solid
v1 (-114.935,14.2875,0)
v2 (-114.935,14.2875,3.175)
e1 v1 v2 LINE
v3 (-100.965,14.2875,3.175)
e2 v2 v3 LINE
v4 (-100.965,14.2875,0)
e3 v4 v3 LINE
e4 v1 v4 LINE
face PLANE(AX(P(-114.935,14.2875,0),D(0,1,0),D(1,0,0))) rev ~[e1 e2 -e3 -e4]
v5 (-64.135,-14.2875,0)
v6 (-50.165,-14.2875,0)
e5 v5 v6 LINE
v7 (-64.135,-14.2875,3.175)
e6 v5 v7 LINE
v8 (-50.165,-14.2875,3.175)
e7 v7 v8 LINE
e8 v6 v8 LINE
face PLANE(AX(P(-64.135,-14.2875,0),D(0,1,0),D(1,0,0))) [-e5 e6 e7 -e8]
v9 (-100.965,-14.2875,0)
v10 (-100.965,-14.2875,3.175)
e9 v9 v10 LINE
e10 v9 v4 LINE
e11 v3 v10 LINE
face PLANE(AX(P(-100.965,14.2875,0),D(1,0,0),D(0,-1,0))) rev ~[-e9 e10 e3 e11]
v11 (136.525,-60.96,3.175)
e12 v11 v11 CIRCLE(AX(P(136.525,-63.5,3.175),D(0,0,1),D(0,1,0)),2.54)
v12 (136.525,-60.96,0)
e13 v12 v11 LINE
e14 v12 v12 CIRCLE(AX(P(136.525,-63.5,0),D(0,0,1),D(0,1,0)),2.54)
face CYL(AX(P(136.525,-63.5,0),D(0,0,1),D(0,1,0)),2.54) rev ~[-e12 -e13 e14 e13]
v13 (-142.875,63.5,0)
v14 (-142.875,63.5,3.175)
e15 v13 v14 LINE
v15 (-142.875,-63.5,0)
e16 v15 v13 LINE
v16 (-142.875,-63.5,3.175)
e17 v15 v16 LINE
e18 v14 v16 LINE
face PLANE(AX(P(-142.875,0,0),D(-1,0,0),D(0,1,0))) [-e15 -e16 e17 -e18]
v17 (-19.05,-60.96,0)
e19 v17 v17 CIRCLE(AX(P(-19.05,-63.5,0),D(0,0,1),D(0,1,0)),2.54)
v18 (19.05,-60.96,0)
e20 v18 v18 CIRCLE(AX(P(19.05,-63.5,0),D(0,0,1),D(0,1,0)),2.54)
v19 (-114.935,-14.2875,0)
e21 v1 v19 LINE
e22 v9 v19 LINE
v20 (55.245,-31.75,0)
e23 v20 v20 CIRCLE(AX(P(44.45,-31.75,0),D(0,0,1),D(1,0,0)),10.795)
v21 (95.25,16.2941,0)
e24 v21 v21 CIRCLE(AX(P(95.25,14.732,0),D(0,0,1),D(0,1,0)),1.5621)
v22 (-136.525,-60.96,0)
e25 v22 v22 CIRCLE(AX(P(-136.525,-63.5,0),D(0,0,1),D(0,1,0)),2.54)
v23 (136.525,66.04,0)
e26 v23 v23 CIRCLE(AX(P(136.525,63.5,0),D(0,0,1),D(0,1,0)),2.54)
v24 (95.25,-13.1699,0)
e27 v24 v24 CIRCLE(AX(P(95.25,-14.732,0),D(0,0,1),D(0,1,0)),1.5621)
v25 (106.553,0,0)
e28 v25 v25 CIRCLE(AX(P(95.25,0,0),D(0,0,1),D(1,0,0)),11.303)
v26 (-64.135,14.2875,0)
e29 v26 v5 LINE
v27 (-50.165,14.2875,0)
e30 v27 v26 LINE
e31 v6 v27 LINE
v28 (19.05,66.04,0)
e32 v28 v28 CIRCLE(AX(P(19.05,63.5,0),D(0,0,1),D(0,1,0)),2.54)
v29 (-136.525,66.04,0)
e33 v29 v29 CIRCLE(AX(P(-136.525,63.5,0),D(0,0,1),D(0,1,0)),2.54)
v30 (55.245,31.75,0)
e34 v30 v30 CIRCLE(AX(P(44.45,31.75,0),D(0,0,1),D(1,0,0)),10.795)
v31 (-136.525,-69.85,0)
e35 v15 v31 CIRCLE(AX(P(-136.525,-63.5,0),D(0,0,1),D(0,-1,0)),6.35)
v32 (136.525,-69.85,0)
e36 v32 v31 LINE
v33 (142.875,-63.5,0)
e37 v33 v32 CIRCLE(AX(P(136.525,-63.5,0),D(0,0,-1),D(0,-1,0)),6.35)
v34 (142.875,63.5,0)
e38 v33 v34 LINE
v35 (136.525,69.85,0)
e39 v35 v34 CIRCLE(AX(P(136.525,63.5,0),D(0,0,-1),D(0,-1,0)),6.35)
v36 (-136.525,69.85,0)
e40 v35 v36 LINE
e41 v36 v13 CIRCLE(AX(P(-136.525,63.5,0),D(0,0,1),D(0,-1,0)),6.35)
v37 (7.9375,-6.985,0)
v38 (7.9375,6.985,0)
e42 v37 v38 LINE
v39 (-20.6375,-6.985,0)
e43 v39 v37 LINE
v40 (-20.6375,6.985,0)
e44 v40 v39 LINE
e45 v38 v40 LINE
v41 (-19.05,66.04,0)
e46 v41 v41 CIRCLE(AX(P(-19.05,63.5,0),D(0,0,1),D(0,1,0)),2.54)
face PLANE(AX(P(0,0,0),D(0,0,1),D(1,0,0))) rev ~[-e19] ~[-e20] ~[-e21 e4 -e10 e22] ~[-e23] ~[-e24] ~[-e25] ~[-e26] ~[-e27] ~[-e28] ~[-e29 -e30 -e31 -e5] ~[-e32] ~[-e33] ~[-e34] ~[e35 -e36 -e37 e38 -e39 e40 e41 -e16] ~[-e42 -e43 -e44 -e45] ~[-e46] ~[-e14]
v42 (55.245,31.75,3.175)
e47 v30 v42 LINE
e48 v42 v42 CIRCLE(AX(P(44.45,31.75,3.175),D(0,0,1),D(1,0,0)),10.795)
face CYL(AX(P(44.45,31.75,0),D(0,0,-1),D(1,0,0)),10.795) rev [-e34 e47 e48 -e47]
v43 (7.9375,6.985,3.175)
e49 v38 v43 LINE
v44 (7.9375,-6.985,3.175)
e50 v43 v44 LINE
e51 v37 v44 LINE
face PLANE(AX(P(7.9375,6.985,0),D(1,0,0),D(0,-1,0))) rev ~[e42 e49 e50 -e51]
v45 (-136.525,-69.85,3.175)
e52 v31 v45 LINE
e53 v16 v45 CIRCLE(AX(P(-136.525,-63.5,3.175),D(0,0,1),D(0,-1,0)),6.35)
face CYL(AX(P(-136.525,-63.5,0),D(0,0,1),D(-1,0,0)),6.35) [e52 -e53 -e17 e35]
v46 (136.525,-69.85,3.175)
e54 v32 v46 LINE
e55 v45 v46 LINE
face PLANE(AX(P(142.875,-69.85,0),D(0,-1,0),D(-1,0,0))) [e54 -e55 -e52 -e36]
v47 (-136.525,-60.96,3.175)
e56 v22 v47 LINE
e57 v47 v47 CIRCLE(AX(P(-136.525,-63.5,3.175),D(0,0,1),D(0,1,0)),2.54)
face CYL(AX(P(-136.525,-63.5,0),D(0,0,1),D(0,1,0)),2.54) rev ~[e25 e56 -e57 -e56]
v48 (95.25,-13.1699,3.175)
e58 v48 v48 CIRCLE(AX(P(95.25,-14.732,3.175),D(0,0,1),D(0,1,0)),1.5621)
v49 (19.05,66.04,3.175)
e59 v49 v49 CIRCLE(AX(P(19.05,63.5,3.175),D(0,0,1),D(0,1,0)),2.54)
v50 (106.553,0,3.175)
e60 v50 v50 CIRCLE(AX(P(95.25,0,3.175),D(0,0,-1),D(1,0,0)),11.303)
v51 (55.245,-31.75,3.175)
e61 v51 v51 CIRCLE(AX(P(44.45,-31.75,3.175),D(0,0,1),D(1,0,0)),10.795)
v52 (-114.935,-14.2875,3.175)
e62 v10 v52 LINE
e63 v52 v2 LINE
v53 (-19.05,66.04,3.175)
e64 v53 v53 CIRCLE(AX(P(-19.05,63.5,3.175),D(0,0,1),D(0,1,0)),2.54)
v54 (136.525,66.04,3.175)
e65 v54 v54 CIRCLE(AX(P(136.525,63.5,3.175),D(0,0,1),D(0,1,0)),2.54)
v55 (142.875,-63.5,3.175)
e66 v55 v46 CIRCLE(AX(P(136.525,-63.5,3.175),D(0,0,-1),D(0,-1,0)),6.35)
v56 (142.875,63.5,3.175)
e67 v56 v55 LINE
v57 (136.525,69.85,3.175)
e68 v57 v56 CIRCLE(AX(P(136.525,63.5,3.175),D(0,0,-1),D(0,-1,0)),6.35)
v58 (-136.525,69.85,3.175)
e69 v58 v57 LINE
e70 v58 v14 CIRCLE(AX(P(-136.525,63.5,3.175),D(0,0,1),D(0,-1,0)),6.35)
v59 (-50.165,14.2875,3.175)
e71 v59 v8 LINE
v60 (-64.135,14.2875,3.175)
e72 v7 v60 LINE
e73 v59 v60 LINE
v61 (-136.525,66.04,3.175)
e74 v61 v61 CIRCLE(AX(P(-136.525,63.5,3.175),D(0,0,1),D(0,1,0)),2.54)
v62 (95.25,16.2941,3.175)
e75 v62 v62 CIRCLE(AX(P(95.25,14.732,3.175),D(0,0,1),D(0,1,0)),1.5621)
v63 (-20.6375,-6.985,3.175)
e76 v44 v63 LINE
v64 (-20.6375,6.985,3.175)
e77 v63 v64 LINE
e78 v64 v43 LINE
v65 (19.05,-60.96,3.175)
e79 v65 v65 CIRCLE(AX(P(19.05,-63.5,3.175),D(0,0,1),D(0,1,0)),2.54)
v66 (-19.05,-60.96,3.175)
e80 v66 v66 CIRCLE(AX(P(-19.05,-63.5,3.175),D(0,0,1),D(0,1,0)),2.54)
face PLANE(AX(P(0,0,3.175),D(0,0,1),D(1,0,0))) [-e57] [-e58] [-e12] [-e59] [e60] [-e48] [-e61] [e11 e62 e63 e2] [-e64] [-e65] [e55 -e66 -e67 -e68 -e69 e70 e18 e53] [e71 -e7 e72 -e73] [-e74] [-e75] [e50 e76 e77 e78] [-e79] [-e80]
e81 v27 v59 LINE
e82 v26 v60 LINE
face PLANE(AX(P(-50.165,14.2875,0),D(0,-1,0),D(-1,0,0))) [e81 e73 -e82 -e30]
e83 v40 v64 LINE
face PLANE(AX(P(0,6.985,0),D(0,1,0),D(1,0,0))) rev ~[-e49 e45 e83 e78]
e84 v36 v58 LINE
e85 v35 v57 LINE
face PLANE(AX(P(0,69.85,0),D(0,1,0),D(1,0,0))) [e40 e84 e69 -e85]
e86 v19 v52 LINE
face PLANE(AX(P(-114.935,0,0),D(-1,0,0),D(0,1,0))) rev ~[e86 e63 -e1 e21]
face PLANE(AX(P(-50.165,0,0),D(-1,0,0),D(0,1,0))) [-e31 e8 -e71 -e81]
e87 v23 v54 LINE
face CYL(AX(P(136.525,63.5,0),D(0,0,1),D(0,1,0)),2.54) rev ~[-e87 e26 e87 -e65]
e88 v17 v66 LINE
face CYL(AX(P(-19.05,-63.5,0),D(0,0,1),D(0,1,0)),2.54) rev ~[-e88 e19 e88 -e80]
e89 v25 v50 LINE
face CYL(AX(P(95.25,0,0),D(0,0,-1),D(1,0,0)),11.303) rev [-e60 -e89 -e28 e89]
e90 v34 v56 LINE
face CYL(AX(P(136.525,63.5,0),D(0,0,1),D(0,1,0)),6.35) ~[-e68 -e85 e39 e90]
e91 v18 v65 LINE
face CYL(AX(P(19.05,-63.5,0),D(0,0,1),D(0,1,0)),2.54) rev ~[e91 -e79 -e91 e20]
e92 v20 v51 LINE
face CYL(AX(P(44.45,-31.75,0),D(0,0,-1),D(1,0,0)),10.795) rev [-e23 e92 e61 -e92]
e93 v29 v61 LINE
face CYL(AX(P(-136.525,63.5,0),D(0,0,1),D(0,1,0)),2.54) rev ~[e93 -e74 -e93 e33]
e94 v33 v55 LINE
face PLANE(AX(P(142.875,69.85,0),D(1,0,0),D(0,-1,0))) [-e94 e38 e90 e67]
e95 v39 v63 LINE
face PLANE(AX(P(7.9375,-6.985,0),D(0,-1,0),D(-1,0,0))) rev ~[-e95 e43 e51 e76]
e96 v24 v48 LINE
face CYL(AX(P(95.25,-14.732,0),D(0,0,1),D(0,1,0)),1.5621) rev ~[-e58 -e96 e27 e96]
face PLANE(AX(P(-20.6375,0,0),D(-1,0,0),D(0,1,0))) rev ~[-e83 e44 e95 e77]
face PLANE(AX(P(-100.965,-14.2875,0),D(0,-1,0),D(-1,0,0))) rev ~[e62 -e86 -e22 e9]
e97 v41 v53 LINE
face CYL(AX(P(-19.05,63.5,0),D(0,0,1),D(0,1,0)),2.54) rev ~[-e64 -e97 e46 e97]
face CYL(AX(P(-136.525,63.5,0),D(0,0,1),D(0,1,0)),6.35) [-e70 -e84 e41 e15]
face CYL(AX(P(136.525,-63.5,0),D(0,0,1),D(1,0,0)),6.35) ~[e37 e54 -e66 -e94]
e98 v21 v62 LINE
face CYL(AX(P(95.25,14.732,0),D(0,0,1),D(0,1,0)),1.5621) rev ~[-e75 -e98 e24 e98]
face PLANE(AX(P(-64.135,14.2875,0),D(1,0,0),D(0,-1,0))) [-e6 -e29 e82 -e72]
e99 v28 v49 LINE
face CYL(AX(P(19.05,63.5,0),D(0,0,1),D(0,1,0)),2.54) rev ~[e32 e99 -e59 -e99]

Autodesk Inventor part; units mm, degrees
ref_plane "YZ Plane" through (0, 0, 0) normal (1, 0, 0) x (0, 1, 0)
ref_plane "XZ Plane" through (0, 0, 0) normal (0, 1, 0) x (-1, 0, 0)
ref_plane "XY Plane" through (0, 0, 0) normal (0, 0, 1) x (1, 0, 0)
sketch "Sketch1" plane through (0, 0, 0) normal (0, 0, 1) x (1, 0, 0)
  line L0 (0, 97.79) -> (0, -97.79) projected
  line L1 (-200.025, 0) -> (200.025, 0) projected
  line L2 (142.875, -69.85) -> (-142.875, -69.85)
  line L3 (-142.875, -69.85) -> (-142.875, 69.85)
  line L4 (-142.875, 69.85) -> (142.875, 69.85)
  line L5 (142.875, 69.85) -> (142.875, -69.85)
  line L6 (142.875, -69.85) -> (-142.875, 69.85) construction
  line L7 (-142.875, -69.85) -> (142.875, 69.85) construction
  line L8 (-136.525, -63.5) -> (136.525, -63.5) construction
  line L9 (136.525, -63.5) -> (136.525, 63.5) construction
  line L10 (136.525, 63.5) -> (-136.525, 63.5) construction
  line L11 (-136.525, 63.5) -> (-136.525, -63.5) construction
  line L12 (-136.525, -63.5) -> (136.525, 63.5) construction
  line L13 (136.525, -63.5) -> (-136.525, 63.5) construction
  line L14 (-100.965, -14.2875) -> (-114.935, -14.2875)
  line L15 (-114.935, -14.2875) -> (-114.935, 14.2875)
  line L16 (-114.935, 14.2875) -> (-100.965, 14.2875)
  line L17 (-100.965, 14.2875) -> (-100.965, -14.2875)
  line L18 (-100.965, -14.2875) -> (-114.935, 14.2875) construction
  line L19 (-114.935, -14.2875) -> (-100.965, 14.2875) construction
  circle A0 centre (44.45, 31.75) radius 10.795
  circle A1 centre (44.45, -31.75) radius 10.795
  circle A2 centre (95.25, 0) radius 11.303
  circle A3 centre (95.25, 0) radius 30 construction
  line L20 (-64.135, -14.2875) -> (-50.165, -14.2875)
  line L21 (-50.165, -14.2875) -> (-50.165, 14.2875)
  line L22 (-50.165, 14.2875) -> (-64.135, 14.2875)
  line L23 (-64.135, 14.2875) -> (-64.135, -14.2875)
  line L24 (-64.135, -14.2875) -> (-50.165, 14.2875) construction
  line L25 (-50.165, -14.2875) -> (-64.135, 14.2875) construction
  line L26 (7.9375, -6.985) -> (-20.6375, -6.985)
  line L27 (-20.6375, -6.985) -> (-20.6375, 6.985)
  line L28 (-20.6375, 6.985) -> (7.9375, 6.985)
  line L29 (7.9375, 6.985) -> (7.9375, -6.985)
  line L30 (7.9375, -6.985) -> (-20.6375, 6.985) construction
  line L31 (-20.6375, -6.985) -> (7.9375, 6.985) construction
  point P0 (0, 0)
  point P1 (-107.95, 0)
  point P2 (95.25, 14.732)
  point P3 (95.25, -14.732)
  point P4 (-19.05, 63.5)
  point P5 (-19.05, -63.5)
  point P6 (19.05, -63.5)
  point P7 (19.05, 63.5)
  point P8 (-57.15, 0)
  point P9 (-6.35, 0)
  dimension "d0" = 285.75
  dimension "d1" = 139.7
  dimension "d4" = 6.35
  dimension "d5" = 6.35
  dimension "d6" = 13.97
  dimension "d7" = 28.575
  dimension "d15" = 0
  dimension "d16" = 21.59
  dimension "d20" = 22.606
  dimension "d22" = 60
  dimension "d33" = 47.625
  dimension "d34" = 14.732
  dimension "d35" = 14.732
  dimension "d43" = 34.925
  dimension "d44" = 31.75
  dimension "d45" = 31.75
  dimension "d46" = 152.4
  dimension "d47" = 50.8
  dimension "d48" = 19.05
  dimension "d49" = 19.05
  dimension "d50" = 50.8
  dimension "d51" = 50.8
extrude "Extrusion1" add sketch "Sketch1" along normal blind 3.175 contours L4 L5 L1 A2 L29 L28 L0 | L0 L28 L27 L1 L21 L22 L23 L17 L16 L15 L3 L4 | L1 L15 L14 L17 L23 L20 L21 L27 L26 L0 L2 L3 | L5 L2 L0 L26 L29 L1 A2
hole "Hole1" at (-136.525, 63.5, 0) at (-136.525, -63.5, 0) at (136.525, 63.5, 0) at (136.525, -63.5, 0) at (19.05, -63.5, 0) at (-19.05, 63.5, 0) at (19.05, 63.5, 0) at (-19.05, -63.5, 0) direction (0, 0, 1) diameter 5.08 end through all
fillet "Fillet1" radius 6.35 4 edges at (142.875, -69.85, 1.5875) (142.875, 69.85, 1.5875) (-142.875, -69.85, 1.5875) (-142.875, 69.85, 1.5875)
hole "Hole2" at (95.25, 14.732, 0) at (95.25, -14.732, 0) direction (0, 0, 1) diameter 3.1242 end through all
equation "\"d35\" = d34"
